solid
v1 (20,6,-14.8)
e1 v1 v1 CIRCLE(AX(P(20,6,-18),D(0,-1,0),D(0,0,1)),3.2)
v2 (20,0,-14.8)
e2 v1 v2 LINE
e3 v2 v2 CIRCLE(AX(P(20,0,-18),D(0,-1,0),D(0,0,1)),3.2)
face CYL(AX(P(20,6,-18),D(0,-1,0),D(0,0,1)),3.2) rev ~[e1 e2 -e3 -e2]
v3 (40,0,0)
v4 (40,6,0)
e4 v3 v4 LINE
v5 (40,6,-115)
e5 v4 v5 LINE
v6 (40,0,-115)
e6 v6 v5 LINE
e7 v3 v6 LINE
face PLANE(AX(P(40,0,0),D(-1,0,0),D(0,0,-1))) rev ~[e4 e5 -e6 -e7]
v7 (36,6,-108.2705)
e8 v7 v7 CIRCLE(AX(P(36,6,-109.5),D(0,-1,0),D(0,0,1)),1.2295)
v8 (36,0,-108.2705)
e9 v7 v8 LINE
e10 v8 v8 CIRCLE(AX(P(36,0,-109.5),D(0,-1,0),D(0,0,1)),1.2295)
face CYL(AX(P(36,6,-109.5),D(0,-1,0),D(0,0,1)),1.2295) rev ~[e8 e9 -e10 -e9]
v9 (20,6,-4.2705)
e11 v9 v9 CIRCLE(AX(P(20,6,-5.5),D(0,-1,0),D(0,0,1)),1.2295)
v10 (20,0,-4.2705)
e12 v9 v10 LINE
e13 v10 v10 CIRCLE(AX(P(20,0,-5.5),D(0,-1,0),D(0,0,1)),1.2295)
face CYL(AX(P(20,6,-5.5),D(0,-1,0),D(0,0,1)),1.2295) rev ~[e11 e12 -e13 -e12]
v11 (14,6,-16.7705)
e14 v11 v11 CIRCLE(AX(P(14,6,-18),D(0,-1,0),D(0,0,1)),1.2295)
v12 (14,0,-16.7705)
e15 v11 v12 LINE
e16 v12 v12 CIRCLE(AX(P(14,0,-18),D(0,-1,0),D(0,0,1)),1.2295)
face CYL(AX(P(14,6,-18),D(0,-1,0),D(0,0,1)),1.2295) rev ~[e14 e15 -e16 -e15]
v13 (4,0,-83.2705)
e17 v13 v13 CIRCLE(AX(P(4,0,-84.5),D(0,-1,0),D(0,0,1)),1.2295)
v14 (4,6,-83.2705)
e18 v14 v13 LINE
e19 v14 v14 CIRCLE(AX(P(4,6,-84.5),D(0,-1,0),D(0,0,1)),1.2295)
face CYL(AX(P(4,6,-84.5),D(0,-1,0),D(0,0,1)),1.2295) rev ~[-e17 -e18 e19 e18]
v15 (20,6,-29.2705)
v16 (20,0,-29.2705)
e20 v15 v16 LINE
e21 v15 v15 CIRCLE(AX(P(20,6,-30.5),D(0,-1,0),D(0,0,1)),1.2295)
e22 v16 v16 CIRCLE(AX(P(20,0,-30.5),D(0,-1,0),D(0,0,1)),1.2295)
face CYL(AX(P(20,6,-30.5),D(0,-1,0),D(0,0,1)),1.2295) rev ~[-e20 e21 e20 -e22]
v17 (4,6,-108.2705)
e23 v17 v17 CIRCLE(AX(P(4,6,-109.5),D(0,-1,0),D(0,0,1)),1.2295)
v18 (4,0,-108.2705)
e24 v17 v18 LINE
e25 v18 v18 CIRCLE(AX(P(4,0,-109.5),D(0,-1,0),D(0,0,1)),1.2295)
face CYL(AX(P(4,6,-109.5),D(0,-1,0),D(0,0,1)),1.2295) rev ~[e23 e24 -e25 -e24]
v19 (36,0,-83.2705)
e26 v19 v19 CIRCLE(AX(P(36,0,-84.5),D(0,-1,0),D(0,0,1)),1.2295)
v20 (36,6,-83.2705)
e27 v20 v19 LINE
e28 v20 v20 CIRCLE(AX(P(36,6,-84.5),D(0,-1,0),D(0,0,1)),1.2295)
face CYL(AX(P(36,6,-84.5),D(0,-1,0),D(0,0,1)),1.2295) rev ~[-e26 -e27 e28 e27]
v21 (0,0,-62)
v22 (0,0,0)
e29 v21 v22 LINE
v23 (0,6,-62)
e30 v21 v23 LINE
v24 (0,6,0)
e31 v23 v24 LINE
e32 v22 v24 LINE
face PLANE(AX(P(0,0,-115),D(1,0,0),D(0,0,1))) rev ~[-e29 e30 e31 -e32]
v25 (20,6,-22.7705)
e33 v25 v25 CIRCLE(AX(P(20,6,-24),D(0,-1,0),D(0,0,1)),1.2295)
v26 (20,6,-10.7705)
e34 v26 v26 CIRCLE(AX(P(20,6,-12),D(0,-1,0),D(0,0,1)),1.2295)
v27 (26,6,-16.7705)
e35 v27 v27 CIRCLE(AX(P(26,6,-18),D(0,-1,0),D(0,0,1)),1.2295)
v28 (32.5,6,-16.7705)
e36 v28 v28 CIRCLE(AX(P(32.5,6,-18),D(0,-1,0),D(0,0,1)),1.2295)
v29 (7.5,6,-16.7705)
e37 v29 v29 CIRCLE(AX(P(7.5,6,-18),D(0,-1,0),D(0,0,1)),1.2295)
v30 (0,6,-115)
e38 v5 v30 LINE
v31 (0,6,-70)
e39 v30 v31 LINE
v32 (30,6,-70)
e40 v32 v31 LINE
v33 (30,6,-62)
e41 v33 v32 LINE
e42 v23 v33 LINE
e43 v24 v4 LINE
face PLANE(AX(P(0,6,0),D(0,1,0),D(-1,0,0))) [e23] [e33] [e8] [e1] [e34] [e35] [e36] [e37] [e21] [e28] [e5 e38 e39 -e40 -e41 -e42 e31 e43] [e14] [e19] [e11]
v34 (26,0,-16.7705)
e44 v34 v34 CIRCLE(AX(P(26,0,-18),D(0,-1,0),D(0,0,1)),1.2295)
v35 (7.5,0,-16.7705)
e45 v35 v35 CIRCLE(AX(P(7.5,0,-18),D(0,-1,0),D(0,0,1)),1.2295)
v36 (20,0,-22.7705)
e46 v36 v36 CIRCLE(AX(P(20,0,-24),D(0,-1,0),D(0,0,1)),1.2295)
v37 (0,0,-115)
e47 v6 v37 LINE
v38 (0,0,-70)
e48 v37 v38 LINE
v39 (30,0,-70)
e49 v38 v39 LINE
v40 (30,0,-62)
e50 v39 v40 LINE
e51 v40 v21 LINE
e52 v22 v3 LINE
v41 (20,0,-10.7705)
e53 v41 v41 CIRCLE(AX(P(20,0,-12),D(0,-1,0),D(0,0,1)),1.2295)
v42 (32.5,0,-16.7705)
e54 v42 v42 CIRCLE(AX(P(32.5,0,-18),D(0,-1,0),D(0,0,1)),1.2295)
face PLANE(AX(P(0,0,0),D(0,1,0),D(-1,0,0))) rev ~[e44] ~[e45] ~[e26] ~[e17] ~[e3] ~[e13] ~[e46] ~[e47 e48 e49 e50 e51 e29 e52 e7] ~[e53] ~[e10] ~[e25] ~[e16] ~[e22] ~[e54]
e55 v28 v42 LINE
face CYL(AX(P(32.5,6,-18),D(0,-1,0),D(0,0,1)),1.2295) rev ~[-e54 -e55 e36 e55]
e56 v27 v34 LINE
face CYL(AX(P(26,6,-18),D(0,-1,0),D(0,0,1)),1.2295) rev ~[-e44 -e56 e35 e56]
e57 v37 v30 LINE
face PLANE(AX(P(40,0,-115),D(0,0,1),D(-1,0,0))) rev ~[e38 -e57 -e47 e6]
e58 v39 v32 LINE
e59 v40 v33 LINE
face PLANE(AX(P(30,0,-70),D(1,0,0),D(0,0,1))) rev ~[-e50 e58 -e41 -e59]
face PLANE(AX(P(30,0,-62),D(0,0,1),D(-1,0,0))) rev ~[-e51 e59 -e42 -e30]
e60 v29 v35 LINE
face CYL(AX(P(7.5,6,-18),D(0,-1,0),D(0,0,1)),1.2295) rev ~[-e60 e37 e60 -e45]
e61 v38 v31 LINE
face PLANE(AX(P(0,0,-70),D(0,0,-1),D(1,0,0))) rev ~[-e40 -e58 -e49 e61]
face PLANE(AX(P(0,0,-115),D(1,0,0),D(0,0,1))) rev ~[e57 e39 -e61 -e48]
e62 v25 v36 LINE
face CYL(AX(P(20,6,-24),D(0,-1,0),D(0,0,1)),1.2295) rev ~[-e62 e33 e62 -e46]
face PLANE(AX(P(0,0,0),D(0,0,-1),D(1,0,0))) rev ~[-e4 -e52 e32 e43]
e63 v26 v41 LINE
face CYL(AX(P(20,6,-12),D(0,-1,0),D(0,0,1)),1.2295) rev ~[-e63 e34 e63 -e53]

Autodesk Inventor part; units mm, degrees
ref_plane "YZ Plane" through (0, 0, 0) normal (1, 0, 0) x (0, 1, 0)
ref_plane "XZ Plane" through (0, 0, 0) normal (0, 1, 0) x (-1, 0, 0)
ref_plane "XY Plane" through (0, 0, 0) normal (0, 0, 1) x (1, 0, 0)
sketch "スケッチ1" plane through (0, 0, 0) normal (0, 1, 0) x (-1, 0, 0)
  line L0 (0, 0) -> (-40, 0)
  line L1 (-40, 0) -> (-40, -115)
  line L2 (-40, -115) -> (0, -115)
  line L3 (0, -115) -> (0, 0)
  dimension "d0" = 40
  dimension "d1" = 115
extrude "押し出し1" add sketch "スケッチ1" along normal blind 6
sketch "スケッチ2" plane through (0, 6, 0) normal (0, 1, 0) x (1, 0, 0)
  line L0 (0, 0) -> (40, 0) construction
  line L1 (20, 0) -> (20, 115) construction
  line L2 (40, 115) -> (0, 115) construction
  point P0 (20, 18)
  dimension "d4" = 18
hole "穴1" at (20, 6, -18) direction (0, -1, 0) diameter 6.4 end through all
sketch "スケッチ3" plane through (0, 6, 0) normal (0, 1, 0) x (1, 0, 0)
  circle A0 centre (20, 18) radius 3.2 construction
  circle A1 centre (20, 18) radius 12.5 construction
  point P0 (0, 0)
  point P1 (7.5, 18)
  point P2 (20, 5.5)
  point P3 (32.5, 18)
  point P4 (20, 30.5)
  dimension "d12" = 25
  dimension "d15" = 360
hole "穴2" at (7.5, 6, -18) at (20, 6, -5.5) at (32.5, 6, -18) at (20, 6, -30.5) direction (0, -1, 0) diameter 2.459 end through all thread size "M3x0.5" class "6H" standard "ISO Metric profile"
sketch "スケッチ4" plane through (0, 6, 0) normal (0, 1, 0) x (1, 0, 0)
  line L0 (40, 115) -> (0, 115) construction
  line L1 (0, 115) -> (40, 115) construction
  line L2 (40, 115) -> (40, 110) construction
  line L3 (40, 110) -> (0, 110) construction
  line L4 (0, 110) -> (0, 115) construction
  line L5 (0, 115) -> (0, 0) projected
  line L6 (0, 112.5) -> (40, 112.5) construction
  line L7 (40, 0) -> (40, 115) projected
  line L8 (0, 115) -> (0, 0) construction
  line L9 (40, 85) -> (0, 85) construction
  line L10 (0, 85) -> (0, 90) construction
  line L11 (0, 90) -> (40, 90) construction
  line L12 (40, 90) -> (40, 85) construction
  line L13 (40, 87.5) -> (0, 87.5) construction
  point P0 (4, 112.5)
  point P1 (36, 112.5)
  point P2 (36, 87.5)
  point P3 (4, 87.5)
  dimension "d25" = 5
  dimension "d26" = 4
  dimension "d27" = 4
  dimension "d35" = 5
  dimension "d36" = 25
hole "穴3" [suppressed]
sketch "スケッチ5" plane through (0, 0, 0) normal (0, -1, 0) x (1, 0, 0)
  line L0 (30, -62) -> (0, -62)
  line L1 (0, -62) -> (0, -70)
  line L2 (0, -70) -> (30, -70)
  line L3 (30, -70) -> (30, -62)
  line L4 (0, 0) -> (40, 0) projected
  dimension "d37" = 8
  dimension "d38" = 62
  dimension "d39" = 30
extrude "押し出し2" cut sketch "スケッチ5" against normal blind 10
sketch "スケッチ6" plane through (0, 6, 0) normal (0, 1, 0) x (1, 0, 0)
  line L0 (36, 84.5) -> (4, 84.5) construction
  line L1 (4, 84.5) -> (4, 109.5) construction
  line L2 (4, 109.5) -> (36, 109.5) construction
  line L3 (36, 109.5) -> (36, 84.5) construction
  line L4 (40, 0) -> (40, 115) construction
  line L5 (0, 115) -> (0, 70) construction
  line L6 (40, 115) -> (0, 115) construction
  point P0 (0, 0)
  point P1 (20, 109.5)
  dimension "d42" = 4
  dimension "d43" = 4
  dimension "d44" = 5.5
  dimension "d45" = 25
hole "穴4" at (36, 6, -84.5) at (36, 6, -109.5) at (4, 6, -109.5) at (4, 6, -84.5) direction (0, -1, 0) diameter 2.459 end through all thread size "M3x0.5" class "6H" standard "ISO Metric profile"
sketch "スケッチ7" plane through (0, 6, 0) normal (0, 1, 0) x (1, 0, 0)
  circle A0 centre (20, 18) radius 3.2 projected
  circle A1 centre (20, 18) radius 6
  point P0 (0, 0)
  point P1 (20, 12)
  point P2 (14, 18)
  point P3 (20, 24)
  point P4 (26, 18)
  dimension "d53" = 12
hole "穴5" at (20, 6, -12) at (14, 6, -18) at (20, 6, -24) at (26, 6, -18) direction (0, -1, 0) diameter 2.459 end through all thread size "M3x0.5" class "6H" standard "ISO Metric profile"
properties part number "shoulder1_lower_cover" material "アルミニウム 5052"
